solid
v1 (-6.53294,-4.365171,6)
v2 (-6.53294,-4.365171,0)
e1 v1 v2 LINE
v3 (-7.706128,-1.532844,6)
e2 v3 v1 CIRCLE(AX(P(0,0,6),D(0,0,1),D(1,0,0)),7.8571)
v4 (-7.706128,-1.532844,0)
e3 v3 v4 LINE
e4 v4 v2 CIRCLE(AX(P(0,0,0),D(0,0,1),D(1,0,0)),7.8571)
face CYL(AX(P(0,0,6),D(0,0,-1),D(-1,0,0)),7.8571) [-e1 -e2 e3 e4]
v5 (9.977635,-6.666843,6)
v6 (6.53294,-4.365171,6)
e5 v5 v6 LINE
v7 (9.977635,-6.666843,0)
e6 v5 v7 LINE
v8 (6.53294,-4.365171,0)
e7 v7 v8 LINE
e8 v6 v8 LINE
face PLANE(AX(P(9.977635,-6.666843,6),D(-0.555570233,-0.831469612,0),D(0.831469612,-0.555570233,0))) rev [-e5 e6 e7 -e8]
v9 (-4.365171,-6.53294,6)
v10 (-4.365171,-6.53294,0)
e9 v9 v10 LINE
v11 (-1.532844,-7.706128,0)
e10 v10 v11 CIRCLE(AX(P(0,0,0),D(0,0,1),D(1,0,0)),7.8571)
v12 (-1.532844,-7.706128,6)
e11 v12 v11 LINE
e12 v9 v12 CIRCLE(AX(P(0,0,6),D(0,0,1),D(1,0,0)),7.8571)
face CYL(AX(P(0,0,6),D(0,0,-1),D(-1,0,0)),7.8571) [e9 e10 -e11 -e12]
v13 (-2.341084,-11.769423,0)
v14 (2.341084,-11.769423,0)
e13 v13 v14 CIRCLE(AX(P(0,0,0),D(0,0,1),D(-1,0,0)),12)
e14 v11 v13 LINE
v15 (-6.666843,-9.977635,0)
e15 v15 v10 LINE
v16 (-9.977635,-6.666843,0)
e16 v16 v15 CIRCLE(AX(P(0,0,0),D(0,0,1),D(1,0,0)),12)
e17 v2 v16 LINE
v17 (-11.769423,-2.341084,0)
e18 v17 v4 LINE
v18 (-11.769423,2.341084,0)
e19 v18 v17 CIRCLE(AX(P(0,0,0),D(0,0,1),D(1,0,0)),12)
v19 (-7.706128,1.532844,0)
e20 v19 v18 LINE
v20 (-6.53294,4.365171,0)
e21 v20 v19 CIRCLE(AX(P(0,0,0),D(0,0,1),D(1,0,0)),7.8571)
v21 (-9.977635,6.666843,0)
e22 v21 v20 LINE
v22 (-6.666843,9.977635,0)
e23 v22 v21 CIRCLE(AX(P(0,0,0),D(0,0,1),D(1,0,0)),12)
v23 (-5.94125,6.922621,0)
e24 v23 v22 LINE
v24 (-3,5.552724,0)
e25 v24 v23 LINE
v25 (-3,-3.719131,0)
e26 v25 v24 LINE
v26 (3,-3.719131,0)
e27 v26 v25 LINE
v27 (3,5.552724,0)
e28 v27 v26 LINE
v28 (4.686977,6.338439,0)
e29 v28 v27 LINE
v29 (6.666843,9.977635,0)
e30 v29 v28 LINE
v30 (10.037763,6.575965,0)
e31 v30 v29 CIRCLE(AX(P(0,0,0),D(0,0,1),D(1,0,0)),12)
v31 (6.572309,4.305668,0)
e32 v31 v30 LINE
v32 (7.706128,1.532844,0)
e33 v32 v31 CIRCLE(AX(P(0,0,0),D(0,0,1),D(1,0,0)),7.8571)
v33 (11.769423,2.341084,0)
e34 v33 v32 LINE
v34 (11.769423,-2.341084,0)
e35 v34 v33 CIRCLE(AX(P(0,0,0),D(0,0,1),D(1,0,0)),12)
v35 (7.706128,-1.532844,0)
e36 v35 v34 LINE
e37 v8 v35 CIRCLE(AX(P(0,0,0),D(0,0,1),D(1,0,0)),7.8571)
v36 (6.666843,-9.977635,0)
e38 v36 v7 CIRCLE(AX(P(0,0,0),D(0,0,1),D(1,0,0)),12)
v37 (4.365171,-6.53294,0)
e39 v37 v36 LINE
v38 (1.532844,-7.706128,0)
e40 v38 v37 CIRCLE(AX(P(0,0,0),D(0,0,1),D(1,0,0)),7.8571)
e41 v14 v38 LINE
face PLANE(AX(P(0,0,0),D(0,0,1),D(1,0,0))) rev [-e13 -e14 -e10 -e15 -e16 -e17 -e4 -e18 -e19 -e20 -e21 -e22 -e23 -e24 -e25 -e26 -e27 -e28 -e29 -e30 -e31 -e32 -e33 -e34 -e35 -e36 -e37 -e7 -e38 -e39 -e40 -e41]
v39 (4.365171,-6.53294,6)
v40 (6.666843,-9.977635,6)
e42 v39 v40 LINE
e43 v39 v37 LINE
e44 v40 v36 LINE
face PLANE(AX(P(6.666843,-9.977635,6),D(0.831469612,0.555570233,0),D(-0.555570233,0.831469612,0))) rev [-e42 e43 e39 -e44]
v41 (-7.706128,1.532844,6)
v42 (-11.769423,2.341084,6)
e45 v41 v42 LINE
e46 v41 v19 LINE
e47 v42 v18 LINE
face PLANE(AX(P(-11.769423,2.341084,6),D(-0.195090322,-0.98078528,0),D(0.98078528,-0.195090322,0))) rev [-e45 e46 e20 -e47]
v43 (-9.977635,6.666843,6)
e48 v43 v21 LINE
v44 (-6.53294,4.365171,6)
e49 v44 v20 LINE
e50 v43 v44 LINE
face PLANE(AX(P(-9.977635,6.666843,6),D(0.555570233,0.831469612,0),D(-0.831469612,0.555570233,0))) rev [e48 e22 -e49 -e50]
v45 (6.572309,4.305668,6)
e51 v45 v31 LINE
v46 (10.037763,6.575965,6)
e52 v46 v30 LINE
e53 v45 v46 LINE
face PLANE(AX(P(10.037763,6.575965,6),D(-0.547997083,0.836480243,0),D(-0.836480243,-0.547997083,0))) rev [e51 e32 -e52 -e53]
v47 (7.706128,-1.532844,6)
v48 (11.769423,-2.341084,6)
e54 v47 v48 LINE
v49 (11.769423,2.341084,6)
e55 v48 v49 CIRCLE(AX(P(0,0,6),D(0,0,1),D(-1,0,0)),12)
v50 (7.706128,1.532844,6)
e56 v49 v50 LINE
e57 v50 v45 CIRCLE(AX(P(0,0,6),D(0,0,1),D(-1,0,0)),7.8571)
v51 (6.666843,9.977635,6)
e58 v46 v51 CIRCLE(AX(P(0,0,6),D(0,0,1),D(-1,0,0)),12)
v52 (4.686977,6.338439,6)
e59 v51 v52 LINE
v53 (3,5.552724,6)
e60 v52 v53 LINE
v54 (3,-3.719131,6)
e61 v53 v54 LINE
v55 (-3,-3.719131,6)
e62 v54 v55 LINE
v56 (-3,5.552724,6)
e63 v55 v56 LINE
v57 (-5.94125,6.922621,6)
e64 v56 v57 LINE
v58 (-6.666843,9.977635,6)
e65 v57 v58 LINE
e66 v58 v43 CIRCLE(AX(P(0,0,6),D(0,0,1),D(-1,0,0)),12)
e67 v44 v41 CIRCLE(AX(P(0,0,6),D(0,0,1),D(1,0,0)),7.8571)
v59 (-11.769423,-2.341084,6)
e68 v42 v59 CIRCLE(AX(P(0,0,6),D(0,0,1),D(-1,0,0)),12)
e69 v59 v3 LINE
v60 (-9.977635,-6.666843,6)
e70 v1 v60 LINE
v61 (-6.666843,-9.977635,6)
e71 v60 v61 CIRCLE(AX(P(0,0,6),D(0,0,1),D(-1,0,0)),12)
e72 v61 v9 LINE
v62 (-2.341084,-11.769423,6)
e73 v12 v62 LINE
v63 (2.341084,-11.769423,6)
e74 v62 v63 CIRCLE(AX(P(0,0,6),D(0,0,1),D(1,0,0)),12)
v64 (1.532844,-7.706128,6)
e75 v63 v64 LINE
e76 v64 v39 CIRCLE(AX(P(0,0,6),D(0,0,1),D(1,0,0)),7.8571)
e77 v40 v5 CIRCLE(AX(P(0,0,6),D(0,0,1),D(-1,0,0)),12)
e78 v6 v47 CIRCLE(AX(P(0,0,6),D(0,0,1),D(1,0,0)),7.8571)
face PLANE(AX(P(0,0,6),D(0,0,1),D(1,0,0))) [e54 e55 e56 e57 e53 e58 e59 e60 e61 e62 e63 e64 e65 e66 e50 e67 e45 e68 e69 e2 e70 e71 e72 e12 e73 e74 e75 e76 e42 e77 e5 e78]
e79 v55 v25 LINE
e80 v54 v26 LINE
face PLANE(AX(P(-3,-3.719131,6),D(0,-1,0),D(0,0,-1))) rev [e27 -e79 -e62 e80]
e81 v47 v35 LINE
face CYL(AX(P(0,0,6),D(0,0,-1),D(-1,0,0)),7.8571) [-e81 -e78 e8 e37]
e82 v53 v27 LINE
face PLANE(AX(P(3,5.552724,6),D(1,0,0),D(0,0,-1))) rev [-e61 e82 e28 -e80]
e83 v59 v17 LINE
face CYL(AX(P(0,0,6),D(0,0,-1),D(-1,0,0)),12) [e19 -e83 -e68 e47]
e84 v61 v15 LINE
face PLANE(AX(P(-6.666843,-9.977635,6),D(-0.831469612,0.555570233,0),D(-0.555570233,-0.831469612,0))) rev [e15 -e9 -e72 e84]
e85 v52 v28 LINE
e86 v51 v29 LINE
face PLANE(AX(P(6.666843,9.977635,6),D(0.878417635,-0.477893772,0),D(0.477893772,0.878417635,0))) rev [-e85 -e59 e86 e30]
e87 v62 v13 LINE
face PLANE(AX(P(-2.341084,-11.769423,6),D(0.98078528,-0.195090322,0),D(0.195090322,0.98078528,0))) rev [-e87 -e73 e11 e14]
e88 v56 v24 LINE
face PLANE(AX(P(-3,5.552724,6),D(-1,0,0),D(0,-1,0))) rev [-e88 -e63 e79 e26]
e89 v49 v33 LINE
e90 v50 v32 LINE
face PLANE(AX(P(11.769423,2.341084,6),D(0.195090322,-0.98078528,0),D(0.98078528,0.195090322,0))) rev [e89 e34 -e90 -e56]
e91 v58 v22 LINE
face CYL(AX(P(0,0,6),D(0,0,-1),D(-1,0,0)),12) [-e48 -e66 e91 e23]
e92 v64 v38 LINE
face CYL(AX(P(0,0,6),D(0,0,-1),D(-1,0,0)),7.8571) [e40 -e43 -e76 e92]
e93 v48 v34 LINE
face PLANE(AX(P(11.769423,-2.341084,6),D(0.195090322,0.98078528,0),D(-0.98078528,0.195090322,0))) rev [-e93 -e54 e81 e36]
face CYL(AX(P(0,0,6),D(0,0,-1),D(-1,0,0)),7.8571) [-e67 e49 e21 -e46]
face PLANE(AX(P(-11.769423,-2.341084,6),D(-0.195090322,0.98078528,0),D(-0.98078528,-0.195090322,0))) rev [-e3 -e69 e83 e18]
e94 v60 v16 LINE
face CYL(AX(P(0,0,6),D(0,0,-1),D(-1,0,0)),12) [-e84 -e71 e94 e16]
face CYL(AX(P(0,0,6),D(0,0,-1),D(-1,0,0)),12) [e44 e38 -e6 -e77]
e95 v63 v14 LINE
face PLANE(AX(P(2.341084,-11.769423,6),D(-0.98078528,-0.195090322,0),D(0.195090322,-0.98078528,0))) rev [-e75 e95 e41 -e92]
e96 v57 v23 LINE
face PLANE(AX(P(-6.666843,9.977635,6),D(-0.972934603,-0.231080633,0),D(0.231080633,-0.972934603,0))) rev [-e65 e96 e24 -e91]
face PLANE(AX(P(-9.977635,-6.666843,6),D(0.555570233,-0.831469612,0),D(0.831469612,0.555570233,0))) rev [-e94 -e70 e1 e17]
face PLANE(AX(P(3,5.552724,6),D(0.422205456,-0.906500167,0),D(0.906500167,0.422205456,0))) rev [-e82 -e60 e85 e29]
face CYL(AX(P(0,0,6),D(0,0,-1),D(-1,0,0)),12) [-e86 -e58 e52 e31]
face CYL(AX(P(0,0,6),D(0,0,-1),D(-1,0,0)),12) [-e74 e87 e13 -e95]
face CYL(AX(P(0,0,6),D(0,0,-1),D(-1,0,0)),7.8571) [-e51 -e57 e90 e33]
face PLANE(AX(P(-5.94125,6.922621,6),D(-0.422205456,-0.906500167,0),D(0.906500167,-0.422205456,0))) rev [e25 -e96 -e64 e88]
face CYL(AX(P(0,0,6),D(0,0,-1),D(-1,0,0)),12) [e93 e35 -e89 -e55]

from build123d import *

# Parameters (mm, degrees)
RESSALTO_EXTRUS_O1_DEPTH = 6


with BuildPart() as part:
    # Esboço1 → Ressalto-extrusão1 (new body)
    with BuildSketch(Plane.XY):
        with BuildLine():
            Line((-3, -3.719131056), (3, -3.719131056))
            Line((3, -3.719131056), (3, 5.552723944))
            Line((3, 5.552723944), (4.686976687, 6.338438926))
            Line((4.686976687, 6.338438926), (6.666842796, 9.977635348))
            ThreePointArc((6.666842796, 9.977635348), (7.823592894, 9.098977648), (8.865699639, 8.08698769))
            ThreePointArc((8.865699639, 8.08698769), (9.481878586, 7.354860874), (10.037762914, 6.575965))
            Line((10.037762914, 6.575965), (6.572308916, 4.305667884))
            ThreePointArc((6.572308916, 4.305667884), (6.946088732, 3.672311498), (7.259013875, 3.006781996))
            ThreePointArc((7.259013875, 3.006781996), (7.518775912, 2.280795738), (7.706128027, 1.532844169))
            Line((7.706128027, 1.532844169), (11.769423365, 2.341083864))
            ThreePointArc((11.769423365, 2.341083864), (11.94221672, 1.176205684), (12, 0))
            ThreePointArc((12, 0), (11.94221672, -1.176205684), (11.769423365, -2.341083864))
            Line((11.769423365, -2.341083864), (7.706128027, -1.532844169))
            ThreePointArc((7.706128027, -1.532844169), (7.259013875, -3.006781996), (6.532939891, -4.365170878))
            Line((6.532939891, -4.365170878), (9.977635348, -6.666842796))
            ThreePointArc((9.977635348, -6.666842796), (9.27612544, -7.61271941), (8.485281374, -8.485281374))
            ThreePointArc((8.485281374, -8.485281374), (7.61271941, -9.27612544), (6.666842796, -9.977635348))
            Line((6.666842796, -9.977635348), (4.365170878, -6.532939891))
            ThreePointArc((4.365170878, -6.532939891), (3.006781996, -7.259013875), (1.532844169, -7.706128027))
            Line((1.532844169, -7.706128027), (2.341083864, -11.769423365))
            ThreePointArc((2.341083864, -11.769423365), (1.176205684, -11.94221672), (0, -12))
            ThreePointArc((0, -12), (-1.176205684, -11.94221672), (-2.341083864, -11.769423365))
            Line((-2.341083864, -11.769423365), (-1.532844169, -7.706128027))
            ThreePointArc((-1.532844169, -7.706128027), (-3.006781996, -7.259013875), (-4.365170878, -6.532939891))
            Line((-4.365170878, -6.532939891), (-6.666842796, -9.977635348))
            ThreePointArc((-6.666842796, -9.977635348), (-7.61271941, -9.27612544), (-8.485281374, -8.485281374))
            ThreePointArc((-8.485281374, -8.485281374), (-9.27612544, -7.61271941), (-9.977635348, -6.666842796))
            Line((-9.977635348, -6.666842796), (-6.532939891, -4.365170878))
            ThreePointArc((-6.532939891, -4.365170878), (-7.259013875, -3.006781996), (-7.706128027, -1.532844169))
            Line((-7.706128027, -1.532844169), (-11.769423365, -2.341083864))
            ThreePointArc((-11.769423365, -2.341083864), (-11.94221672, -1.176205684), (-12, 0))
            ThreePointArc((-12, 0), (-11.94221672, 1.176205684), (-11.769423365, 2.341083864))
            Line((-11.769423365, 2.341083864), (-7.706128027, 1.532844169))
            ThreePointArc((-7.706128027, 1.532844169), (-7.259013875, 3.006781996), (-6.532939891, 4.365170878))
            Line((-6.532939891, 4.365170878), (-9.977635348, 6.666842796))
            ThreePointArc((-9.977635348, 6.666842796), (-9.27612544, 7.61271941), (-8.485281374, 8.485281374))
            ThreePointArc((-8.485281374, 8.485281374), (-7.61271941, 9.27612544), (-6.666842796, 9.977635348))
            Line((-6.666842796, 9.977635348), (-5.941249609, 6.922620695))
            Line((-5.941249609, 6.922620695), (-3, 5.552723944))
            Line((-3, 5.552723944), (-3, -3.719131056))
        make_face()
    extrude(amount=RESSALTO_EXTRUS_O1_DEPTH)


solid = part.part
